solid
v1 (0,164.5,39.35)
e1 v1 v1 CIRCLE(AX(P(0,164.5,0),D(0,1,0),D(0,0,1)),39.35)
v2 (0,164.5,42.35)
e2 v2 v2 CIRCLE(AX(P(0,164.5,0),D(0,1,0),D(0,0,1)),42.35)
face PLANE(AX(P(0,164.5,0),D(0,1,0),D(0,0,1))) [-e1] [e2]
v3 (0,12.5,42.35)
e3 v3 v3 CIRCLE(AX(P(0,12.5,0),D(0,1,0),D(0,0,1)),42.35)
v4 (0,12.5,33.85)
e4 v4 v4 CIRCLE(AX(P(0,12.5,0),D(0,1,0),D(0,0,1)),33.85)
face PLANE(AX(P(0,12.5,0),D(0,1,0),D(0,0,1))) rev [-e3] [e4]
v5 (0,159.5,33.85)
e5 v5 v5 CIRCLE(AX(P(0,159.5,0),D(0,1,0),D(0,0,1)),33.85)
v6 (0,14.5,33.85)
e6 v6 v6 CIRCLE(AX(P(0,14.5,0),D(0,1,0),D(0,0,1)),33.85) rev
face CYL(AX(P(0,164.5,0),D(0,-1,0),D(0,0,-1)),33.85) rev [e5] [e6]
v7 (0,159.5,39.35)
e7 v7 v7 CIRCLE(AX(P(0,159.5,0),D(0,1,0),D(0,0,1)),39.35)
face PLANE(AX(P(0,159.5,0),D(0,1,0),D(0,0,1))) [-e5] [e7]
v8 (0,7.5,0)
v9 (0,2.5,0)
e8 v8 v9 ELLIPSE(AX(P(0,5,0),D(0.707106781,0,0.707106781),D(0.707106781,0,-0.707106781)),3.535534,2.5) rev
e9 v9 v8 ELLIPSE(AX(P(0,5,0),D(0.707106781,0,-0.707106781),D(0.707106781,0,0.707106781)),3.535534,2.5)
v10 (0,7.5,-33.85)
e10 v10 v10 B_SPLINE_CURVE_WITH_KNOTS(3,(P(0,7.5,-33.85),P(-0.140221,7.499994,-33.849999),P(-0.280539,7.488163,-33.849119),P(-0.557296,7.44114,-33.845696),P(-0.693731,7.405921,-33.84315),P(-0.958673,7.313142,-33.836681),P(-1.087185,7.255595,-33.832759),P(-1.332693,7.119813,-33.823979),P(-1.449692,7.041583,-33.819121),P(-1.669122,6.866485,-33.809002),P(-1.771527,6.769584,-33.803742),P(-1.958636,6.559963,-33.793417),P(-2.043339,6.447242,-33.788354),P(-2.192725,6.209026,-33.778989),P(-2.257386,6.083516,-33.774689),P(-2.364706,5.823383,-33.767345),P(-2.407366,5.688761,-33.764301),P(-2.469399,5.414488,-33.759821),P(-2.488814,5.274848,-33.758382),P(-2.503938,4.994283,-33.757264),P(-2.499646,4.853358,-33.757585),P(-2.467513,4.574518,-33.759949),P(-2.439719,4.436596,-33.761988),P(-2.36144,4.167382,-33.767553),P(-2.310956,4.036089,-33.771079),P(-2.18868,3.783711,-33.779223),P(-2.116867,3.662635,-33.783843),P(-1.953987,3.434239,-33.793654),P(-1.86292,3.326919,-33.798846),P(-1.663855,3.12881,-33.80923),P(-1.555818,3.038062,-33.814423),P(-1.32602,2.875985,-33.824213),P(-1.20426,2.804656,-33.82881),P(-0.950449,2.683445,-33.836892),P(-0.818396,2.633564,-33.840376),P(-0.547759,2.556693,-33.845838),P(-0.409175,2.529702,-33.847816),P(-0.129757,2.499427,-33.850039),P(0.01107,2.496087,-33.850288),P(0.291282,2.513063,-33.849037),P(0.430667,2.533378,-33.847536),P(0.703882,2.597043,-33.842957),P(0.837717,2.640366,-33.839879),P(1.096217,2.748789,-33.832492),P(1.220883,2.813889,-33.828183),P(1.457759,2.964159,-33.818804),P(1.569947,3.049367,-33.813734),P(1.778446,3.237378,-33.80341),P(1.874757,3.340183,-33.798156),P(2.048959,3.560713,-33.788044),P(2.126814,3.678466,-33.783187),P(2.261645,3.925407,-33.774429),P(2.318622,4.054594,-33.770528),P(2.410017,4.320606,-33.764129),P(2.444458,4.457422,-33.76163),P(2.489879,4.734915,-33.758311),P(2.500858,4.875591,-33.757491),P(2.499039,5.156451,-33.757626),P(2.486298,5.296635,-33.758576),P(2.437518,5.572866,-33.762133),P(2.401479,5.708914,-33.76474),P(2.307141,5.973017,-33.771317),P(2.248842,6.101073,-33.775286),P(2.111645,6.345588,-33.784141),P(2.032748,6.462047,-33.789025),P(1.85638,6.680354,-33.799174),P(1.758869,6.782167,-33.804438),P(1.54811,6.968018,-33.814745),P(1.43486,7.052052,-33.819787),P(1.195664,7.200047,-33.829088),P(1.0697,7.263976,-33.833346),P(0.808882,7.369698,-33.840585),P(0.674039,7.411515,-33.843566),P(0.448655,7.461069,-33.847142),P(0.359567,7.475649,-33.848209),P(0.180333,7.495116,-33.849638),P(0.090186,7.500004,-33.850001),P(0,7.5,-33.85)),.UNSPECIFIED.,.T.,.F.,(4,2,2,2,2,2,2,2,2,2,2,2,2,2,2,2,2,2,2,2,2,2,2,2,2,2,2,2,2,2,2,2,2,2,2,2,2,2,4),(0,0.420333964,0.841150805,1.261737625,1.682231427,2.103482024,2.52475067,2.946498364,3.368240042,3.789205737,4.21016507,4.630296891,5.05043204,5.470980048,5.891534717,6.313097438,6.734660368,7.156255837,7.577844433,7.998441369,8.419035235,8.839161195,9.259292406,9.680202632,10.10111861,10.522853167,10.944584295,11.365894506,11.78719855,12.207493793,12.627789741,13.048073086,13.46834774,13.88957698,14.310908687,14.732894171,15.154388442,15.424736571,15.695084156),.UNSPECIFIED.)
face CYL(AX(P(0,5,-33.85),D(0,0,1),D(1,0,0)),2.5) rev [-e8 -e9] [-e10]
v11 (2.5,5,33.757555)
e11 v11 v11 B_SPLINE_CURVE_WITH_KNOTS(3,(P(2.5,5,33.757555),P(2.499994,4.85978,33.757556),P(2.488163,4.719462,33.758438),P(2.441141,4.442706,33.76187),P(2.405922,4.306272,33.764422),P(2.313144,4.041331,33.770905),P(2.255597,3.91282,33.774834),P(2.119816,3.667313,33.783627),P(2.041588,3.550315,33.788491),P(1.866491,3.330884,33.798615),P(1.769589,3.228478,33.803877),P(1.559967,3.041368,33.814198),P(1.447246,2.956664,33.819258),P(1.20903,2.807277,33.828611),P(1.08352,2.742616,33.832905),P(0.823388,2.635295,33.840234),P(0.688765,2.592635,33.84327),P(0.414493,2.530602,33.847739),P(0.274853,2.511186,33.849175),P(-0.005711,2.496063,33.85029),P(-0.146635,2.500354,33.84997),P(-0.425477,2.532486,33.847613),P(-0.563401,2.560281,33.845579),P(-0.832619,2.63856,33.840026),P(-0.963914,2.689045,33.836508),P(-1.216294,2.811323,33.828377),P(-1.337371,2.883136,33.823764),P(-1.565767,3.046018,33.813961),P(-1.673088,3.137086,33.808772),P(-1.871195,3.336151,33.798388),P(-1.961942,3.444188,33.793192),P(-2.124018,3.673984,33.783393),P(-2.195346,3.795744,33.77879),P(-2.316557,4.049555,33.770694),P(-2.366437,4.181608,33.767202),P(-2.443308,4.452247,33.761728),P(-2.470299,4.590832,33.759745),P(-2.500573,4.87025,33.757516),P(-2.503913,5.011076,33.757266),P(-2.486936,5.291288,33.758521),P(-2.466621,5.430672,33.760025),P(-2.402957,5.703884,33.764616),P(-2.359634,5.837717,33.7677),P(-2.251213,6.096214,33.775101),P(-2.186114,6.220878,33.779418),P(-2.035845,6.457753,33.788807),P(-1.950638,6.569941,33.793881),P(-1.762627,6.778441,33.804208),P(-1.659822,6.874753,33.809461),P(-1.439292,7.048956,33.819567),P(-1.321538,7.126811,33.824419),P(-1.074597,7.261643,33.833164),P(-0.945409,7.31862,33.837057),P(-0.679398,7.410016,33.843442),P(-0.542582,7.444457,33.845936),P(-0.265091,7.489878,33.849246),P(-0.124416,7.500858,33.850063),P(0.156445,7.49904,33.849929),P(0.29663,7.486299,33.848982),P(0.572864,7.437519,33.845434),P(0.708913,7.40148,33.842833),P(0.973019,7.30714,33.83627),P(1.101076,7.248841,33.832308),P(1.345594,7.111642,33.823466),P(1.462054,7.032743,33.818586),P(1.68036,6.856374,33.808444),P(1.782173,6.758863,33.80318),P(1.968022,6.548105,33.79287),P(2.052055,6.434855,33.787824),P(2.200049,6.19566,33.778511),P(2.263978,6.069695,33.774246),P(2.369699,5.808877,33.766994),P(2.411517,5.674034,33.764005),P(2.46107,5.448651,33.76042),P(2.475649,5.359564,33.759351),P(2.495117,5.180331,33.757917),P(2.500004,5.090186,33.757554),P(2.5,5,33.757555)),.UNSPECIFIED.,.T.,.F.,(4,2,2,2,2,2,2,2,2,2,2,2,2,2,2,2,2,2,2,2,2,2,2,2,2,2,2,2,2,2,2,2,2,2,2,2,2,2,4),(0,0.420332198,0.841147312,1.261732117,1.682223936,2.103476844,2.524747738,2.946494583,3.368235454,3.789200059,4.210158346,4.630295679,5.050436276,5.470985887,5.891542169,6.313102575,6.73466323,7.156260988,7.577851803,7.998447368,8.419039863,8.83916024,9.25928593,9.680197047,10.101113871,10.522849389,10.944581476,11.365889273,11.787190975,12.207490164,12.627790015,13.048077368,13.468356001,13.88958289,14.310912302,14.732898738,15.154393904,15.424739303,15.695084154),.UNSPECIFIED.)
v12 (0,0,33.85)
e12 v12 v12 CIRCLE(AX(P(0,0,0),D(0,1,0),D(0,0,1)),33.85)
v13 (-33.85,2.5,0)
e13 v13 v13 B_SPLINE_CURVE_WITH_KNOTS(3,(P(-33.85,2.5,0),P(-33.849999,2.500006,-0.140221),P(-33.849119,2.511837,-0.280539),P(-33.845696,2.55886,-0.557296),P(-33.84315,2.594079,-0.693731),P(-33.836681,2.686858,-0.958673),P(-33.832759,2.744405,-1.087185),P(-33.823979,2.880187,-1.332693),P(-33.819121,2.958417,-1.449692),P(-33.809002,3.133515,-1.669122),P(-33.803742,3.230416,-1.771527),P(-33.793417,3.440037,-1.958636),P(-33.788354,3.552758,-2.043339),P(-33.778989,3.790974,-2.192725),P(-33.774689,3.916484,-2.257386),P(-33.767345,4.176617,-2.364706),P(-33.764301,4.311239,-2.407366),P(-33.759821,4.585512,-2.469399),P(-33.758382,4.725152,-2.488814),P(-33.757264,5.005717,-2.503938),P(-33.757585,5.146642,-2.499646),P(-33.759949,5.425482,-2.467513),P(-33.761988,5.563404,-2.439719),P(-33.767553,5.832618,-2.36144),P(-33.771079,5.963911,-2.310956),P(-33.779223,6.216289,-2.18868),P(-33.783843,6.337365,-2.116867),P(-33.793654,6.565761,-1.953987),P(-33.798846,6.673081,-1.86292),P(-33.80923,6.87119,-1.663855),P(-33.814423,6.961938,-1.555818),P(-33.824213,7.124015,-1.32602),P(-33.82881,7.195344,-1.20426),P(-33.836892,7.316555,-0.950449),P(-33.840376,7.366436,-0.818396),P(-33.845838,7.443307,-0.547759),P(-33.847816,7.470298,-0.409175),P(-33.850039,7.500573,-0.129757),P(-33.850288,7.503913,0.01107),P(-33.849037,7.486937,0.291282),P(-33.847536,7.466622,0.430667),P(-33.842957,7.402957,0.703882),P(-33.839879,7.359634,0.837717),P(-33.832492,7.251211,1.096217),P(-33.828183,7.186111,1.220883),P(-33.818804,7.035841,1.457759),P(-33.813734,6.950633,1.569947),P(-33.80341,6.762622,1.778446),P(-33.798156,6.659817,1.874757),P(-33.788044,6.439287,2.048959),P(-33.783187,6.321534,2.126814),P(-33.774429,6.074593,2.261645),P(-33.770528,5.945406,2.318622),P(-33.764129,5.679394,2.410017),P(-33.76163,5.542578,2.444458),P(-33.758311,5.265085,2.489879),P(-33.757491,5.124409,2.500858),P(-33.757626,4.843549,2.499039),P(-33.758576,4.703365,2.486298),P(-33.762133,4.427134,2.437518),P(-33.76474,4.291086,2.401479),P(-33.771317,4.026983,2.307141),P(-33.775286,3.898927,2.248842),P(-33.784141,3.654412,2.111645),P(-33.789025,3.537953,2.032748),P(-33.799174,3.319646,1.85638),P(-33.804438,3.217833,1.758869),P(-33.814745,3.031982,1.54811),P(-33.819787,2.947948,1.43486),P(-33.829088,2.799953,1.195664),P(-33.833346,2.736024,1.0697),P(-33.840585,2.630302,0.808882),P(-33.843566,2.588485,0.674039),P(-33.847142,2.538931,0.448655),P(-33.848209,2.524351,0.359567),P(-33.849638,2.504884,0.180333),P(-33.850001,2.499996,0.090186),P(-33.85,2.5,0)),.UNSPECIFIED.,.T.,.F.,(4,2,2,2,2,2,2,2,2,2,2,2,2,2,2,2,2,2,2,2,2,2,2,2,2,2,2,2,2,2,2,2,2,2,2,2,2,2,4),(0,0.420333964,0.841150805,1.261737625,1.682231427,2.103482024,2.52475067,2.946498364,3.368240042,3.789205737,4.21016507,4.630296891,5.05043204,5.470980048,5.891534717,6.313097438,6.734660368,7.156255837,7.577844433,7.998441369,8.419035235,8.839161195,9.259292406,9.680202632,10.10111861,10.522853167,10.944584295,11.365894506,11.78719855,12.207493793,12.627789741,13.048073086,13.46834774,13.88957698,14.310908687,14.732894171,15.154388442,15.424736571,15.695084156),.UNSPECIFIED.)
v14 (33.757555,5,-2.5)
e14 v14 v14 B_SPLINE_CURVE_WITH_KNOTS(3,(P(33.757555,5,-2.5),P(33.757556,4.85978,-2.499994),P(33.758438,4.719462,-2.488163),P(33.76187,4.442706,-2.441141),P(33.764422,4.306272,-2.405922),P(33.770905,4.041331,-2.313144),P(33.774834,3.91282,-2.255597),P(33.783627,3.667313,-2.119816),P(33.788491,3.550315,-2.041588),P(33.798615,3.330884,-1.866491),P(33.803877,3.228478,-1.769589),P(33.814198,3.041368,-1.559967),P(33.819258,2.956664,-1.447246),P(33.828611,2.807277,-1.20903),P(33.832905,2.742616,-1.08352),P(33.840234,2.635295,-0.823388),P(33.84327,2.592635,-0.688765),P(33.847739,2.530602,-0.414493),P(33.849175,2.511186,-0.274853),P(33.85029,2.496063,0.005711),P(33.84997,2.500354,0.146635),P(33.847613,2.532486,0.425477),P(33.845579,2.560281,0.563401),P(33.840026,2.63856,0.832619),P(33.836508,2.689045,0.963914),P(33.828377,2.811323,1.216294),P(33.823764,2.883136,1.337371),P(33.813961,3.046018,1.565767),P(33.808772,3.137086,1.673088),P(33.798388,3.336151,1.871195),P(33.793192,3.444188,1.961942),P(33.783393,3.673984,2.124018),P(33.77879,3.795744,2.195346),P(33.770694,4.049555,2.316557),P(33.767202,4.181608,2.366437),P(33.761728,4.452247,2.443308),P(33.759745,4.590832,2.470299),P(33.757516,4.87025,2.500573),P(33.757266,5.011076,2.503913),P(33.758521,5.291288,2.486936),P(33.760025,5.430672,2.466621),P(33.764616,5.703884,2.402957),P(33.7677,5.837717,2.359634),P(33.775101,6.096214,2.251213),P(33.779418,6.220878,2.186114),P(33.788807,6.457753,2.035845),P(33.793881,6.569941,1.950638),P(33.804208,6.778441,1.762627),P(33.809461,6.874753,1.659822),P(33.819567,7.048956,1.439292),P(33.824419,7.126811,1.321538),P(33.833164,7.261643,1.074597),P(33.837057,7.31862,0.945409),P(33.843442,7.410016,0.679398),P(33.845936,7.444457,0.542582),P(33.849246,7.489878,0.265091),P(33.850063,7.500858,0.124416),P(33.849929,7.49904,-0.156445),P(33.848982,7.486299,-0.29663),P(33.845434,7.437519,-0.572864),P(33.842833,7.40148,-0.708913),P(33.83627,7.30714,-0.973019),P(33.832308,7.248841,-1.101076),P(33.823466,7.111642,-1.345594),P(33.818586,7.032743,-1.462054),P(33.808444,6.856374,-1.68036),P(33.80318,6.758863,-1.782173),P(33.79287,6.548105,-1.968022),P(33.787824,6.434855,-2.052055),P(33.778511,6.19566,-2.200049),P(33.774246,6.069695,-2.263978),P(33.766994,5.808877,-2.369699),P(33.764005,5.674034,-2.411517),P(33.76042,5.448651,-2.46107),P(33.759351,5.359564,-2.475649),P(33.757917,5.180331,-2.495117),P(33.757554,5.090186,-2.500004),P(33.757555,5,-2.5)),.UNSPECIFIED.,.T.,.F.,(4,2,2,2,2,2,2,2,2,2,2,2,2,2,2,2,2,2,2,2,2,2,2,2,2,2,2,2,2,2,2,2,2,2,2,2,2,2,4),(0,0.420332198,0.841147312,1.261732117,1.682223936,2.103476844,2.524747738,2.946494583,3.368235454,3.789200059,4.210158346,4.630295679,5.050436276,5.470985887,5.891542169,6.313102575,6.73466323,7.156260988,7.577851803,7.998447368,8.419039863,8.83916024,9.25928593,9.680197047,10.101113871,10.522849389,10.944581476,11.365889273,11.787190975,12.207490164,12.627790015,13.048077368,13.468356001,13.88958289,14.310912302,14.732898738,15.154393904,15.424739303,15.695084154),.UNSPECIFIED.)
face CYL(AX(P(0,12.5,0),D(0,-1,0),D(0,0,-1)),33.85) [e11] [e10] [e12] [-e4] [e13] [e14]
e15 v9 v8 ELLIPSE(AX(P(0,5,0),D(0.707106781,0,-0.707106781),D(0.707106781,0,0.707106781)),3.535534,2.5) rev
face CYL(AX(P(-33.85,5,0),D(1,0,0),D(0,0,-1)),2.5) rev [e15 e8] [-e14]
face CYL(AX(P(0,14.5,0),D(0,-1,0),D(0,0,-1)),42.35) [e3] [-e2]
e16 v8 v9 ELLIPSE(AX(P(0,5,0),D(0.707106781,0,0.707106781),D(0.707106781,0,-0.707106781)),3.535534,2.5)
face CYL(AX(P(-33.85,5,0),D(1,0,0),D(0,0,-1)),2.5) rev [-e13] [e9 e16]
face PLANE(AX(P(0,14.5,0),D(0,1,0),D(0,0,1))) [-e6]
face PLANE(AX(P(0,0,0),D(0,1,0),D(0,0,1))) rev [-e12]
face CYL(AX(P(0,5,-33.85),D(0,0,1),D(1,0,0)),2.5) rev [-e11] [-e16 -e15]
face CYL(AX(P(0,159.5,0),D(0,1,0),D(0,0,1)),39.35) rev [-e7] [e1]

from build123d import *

# Parameters (mm, degrees)
SKETCH1_R               = 33.85
BOSS_EXTRUDE1_DEPTH     = 12.5
SKETCH2_R               = 2.5
CUT_EXTRUDE1_DEPTH      = 34.85
CUT_EXTRUDE1_DEPTH_BACK = 34.85
SKETCH3_R               = 2.5
CUT_EXTRUDE2_DEPTH      = 34.8500001
CUT_EXTRUDE2_DEPTH_BACK = 34.8500001
SKETCH4_R               = 42.35
BOSS_EXTRUDE2_DEPTH     = 2
SKETCH5_R               = 42.35
SKETCH5_R_2             = 33.85
BOSS_EXTRUDE3_DEPTH     = 150
SKETCH6_R               = 39.35
CUT_EXTRUDE3_DEPTH      = 5


with BuildPart() as part:
    # Sketch1 → Boss-Extrude1 (new body)
    with BuildSketch(Plane(origin=(0, 0, 0), x_dir=(1, 0, 0), z_dir=(0, 1, 0))):
        Circle(SKETCH1_R)
    extrude(amount=BOSS_EXTRUDE1_DEPTH)

    # Sketch2 → Cut-Extrude1 (cut, two sides)
    with BuildSketch(Plane(origin=(0, 0, 0), x_dir=(0, 0, -1), z_dir=(1, 0, 0))) as cut_extrude1_sk:
        with Locations((0, 5)):
            Circle(SKETCH2_R)
    extrude(amount=CUT_EXTRUDE1_DEPTH, mode=Mode.SUBTRACT)
    extrude(cut_extrude1_sk.sketch, amount=-CUT_EXTRUDE1_DEPTH_BACK, mode=Mode.SUBTRACT)

    # Sketch3 → Cut-Extrude2 (cut, two sides)
    with BuildSketch(Plane.XY) as cut_extrude2_sk:
        with Locations((0, 5)):
            Circle(SKETCH3_R)
    extrude(amount=CUT_EXTRUDE2_DEPTH, mode=Mode.SUBTRACT)
    extrude(cut_extrude2_sk.sketch, amount=-CUT_EXTRUDE2_DEPTH_BACK, mode=Mode.SUBTRACT)

    # Sketch4 → Boss-Extrude2 (add)
    with BuildSketch(Plane(origin=(0, 12.5, 0), x_dir=(1, 0, 0), z_dir=(0, 1, 0))):
        Circle(SKETCH4_R)
    extrude(amount=BOSS_EXTRUDE2_DEPTH)

    # Sketch5 → Boss-Extrude3 (add)
    with BuildSketch(Plane(origin=(0, 14.5, 0), x_dir=(1, 0, 0), z_dir=(0, 1, 0))):
        Circle(SKETCH5_R)
        Circle(SKETCH5_R_2, mode=Mode.SUBTRACT)
    extrude(amount=BOSS_EXTRUDE3_DEPTH)

    # Sketch6 → Cut-Extrude3 (cut)
    with BuildSketch(Plane(origin=(0, 164.5, 0), x_dir=(1, 0, 0), z_dir=(0, 1, 0))):
        Circle(SKETCH6_R)
    extrude(amount=-CUT_EXTRUDE3_DEPTH, mode=Mode.SUBTRACT)


solid = part.part
